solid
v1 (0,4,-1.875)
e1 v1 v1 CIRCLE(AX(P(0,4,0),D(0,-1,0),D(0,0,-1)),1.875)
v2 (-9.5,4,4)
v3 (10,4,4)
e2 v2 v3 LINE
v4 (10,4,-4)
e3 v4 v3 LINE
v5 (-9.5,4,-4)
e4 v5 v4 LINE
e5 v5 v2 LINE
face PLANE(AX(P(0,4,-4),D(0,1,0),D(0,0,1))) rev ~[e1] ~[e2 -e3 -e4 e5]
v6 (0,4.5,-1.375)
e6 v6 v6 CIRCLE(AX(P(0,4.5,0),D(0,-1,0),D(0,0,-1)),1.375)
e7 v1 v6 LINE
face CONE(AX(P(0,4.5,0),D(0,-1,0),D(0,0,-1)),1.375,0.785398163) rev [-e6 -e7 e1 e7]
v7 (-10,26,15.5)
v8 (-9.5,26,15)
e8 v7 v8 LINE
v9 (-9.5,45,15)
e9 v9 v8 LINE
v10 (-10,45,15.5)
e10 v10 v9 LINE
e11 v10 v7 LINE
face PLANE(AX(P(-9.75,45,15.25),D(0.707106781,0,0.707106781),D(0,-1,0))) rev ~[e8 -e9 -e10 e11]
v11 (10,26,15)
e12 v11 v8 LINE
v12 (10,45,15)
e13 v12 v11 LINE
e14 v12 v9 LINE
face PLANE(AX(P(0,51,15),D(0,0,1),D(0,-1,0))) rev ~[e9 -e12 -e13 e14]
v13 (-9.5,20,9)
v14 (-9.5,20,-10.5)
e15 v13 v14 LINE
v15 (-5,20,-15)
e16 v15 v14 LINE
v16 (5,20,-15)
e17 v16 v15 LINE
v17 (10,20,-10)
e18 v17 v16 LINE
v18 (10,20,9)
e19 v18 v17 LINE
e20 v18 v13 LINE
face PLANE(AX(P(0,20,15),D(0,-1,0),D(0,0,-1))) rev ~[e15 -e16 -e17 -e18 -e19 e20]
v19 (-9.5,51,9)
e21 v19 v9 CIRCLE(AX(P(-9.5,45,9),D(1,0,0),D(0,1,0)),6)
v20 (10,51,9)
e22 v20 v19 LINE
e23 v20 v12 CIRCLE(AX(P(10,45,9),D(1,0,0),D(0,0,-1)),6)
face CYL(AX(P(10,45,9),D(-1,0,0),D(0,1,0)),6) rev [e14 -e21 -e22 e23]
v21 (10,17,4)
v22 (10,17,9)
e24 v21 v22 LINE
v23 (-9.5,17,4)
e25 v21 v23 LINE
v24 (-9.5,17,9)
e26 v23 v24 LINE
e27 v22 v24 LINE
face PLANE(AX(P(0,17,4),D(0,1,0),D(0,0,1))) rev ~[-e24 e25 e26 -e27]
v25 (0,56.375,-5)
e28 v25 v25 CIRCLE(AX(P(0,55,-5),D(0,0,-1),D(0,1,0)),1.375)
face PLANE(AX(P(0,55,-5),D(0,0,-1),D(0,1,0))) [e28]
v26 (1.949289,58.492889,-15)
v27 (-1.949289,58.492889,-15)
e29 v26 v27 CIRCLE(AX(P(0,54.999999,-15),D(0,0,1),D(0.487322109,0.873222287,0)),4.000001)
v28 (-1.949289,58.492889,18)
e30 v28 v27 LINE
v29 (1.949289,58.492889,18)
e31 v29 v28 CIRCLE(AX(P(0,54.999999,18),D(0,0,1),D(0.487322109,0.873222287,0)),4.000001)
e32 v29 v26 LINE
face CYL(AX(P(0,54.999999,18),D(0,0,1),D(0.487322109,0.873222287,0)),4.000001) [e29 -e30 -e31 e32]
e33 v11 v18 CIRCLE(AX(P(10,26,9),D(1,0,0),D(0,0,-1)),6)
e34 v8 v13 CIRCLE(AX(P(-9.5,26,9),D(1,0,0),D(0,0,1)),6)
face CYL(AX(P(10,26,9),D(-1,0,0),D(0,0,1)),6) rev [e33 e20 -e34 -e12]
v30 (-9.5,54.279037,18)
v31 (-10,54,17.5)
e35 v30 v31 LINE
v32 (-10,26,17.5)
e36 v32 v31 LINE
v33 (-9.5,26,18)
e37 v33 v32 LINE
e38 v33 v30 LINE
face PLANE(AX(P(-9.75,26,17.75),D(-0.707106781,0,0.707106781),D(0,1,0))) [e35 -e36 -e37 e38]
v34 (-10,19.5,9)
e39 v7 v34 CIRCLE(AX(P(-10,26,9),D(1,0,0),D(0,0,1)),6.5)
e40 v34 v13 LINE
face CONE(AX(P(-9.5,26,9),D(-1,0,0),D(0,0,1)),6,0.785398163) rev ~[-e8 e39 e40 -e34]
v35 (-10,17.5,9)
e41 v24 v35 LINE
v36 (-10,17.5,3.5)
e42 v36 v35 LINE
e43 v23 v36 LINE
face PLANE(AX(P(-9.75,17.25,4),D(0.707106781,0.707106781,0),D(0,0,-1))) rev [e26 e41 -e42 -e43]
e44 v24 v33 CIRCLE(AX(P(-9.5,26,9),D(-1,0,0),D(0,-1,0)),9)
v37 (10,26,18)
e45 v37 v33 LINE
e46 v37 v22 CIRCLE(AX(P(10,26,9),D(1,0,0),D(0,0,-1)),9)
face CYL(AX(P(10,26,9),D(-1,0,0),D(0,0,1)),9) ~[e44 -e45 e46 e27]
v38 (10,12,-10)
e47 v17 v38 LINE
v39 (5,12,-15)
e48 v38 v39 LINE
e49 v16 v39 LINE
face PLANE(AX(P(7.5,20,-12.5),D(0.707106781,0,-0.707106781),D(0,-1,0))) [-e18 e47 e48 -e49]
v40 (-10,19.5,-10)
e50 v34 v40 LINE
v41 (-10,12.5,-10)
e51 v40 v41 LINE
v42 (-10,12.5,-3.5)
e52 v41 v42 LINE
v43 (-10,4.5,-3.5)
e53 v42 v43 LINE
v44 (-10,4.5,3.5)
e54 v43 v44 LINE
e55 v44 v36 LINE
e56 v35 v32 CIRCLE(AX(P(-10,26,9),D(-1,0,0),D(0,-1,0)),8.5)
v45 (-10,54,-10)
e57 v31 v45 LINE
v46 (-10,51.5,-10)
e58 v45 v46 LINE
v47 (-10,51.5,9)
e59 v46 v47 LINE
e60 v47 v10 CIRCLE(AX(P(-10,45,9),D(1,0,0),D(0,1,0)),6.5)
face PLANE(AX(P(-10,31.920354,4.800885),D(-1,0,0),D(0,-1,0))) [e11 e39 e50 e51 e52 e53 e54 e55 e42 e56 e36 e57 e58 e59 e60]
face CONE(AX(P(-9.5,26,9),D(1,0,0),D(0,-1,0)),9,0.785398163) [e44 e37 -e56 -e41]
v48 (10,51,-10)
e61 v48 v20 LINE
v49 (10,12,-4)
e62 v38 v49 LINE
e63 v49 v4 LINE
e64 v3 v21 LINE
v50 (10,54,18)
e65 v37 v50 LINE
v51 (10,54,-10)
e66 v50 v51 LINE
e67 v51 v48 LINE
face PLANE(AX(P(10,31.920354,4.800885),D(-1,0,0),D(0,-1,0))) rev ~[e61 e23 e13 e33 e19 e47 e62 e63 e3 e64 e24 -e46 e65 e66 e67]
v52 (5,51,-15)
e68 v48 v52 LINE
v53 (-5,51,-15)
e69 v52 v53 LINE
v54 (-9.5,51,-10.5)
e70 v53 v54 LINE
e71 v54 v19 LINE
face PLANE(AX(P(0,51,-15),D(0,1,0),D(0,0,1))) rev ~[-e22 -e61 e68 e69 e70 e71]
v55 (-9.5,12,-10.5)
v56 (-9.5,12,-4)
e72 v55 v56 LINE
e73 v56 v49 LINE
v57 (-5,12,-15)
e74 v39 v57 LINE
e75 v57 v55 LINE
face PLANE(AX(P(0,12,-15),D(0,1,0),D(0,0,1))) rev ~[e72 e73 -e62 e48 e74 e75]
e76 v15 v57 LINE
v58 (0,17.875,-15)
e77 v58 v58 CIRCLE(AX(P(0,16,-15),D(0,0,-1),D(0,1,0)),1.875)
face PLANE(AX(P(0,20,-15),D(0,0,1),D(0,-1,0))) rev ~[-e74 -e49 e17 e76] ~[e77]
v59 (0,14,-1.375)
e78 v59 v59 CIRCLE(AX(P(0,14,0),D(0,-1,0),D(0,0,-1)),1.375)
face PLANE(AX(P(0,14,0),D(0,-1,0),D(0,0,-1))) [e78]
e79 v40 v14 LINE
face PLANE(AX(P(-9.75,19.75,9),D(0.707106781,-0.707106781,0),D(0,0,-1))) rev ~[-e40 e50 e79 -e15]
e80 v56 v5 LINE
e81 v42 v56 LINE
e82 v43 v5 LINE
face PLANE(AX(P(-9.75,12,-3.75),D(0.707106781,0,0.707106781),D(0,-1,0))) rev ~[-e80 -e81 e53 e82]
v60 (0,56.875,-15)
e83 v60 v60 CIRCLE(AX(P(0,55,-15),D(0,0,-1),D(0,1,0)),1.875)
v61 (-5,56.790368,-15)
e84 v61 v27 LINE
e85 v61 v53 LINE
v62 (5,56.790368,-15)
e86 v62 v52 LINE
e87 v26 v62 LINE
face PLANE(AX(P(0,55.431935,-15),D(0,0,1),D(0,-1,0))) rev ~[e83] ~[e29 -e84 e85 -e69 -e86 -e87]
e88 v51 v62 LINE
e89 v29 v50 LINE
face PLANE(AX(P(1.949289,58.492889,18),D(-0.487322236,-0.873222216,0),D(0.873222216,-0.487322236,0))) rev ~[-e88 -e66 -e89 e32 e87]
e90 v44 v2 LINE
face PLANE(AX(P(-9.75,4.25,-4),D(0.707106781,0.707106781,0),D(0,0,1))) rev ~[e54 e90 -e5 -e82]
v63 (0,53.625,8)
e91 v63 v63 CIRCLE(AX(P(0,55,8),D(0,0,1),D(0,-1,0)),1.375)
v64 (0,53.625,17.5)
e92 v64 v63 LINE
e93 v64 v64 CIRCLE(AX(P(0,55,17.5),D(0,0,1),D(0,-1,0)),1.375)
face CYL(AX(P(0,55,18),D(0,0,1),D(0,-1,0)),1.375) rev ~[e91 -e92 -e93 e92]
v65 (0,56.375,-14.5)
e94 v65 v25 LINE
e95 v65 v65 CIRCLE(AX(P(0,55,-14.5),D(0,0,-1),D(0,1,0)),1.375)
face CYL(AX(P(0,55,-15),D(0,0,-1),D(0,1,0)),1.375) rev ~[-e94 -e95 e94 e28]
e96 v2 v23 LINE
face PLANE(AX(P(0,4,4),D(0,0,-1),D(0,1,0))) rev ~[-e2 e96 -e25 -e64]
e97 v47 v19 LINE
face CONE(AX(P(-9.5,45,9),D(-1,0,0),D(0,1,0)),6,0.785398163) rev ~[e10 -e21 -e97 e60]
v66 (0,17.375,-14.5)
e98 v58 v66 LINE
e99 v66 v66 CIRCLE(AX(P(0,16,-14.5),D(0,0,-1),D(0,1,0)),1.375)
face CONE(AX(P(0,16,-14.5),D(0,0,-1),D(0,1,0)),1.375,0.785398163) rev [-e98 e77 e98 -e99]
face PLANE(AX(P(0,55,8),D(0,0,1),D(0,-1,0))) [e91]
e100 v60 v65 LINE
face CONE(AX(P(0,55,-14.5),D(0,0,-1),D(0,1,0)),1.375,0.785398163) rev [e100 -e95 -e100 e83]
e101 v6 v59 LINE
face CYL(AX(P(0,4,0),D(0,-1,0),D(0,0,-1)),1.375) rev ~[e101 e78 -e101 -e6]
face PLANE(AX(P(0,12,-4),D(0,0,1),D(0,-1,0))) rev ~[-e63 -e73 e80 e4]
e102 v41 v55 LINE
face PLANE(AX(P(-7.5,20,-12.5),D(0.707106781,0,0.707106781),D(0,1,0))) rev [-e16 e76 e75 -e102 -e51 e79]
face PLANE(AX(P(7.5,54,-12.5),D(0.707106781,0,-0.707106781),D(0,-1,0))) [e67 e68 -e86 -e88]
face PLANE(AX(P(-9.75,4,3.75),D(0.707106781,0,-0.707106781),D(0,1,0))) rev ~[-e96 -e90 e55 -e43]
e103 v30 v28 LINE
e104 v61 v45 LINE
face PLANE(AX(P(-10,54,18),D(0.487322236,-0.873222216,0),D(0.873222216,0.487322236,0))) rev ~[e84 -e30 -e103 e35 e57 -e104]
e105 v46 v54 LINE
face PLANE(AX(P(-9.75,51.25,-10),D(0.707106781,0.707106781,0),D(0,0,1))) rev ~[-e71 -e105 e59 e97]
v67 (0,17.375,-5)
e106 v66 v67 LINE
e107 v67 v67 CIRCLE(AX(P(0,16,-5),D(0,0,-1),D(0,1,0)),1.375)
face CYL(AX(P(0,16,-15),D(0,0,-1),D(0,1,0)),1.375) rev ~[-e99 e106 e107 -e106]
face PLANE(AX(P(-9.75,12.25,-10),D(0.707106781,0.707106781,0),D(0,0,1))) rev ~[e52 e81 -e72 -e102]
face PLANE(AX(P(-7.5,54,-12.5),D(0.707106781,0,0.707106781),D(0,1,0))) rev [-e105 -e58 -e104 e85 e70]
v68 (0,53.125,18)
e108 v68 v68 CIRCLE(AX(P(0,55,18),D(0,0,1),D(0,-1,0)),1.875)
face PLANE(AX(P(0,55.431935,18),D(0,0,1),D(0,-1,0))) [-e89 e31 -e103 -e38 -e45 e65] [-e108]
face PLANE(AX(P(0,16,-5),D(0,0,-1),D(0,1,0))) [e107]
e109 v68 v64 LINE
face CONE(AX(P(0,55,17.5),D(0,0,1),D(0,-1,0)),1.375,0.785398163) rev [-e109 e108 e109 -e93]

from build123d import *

# Parameters (mm, degrees)
PAD_DEPTH       = 10
SKETCH001_R     = 1.375
POCKET_DEPTH    = 10
PAD001_DEPTH    = 33
SKETCH003_R     = 1.375
POCKET001_DEPTH = 10
SKETCH004_R     = 1.375
POCKET002_DEPTH = 10
FILLET_1_R      = 9
FILLET_2_R      = 6
CHAMFER_SIZE    = 5
CHAMFER001_SIZE = 0.5
CHAMFER002_SIZE = 0.5


with BuildPart() as part:
    # Sketch → Pad (new body, symmetric)
    with BuildSketch(Plane.YZ):
        Polygon((4, 4), (17, 4), (17, 18), (54, 18), (54, -15), (51, -15), (51, 15), (20, 15), (20, -15), (12, -15), (12, -4), (4, -4), align=None)
    extrude(amount=PAD_DEPTH, both=True)

    # Sketch001 → Pocket (cut)
    with BuildSketch(Plane(origin=(0, 4, 0), x_dir=(0, 0, -1), z_dir=(0, -1, 0))):
        Circle(SKETCH001_R)
    extrude(amount=-POCKET_DEPTH, mode=Mode.SUBTRACT)

    # Sketch002 → Pad001 (new body)
    with BuildSketch(Plane(origin=(0, 0, 18), x_dir=(0, -1, 0), z_dir=(0, 0, 1))):
        with BuildLine():
            ThreePointArc((-58.492889, 1.949289), (-59, 0), (-58.492889, -1.949289))
            Line((-54, -10), (-58.492889, -1.949289))
            Line((-54, 10), (-54, -10))
            Line((-58.492889, 1.949289), (-54, 10))
        make_face()
    extrude(amount=-PAD001_DEPTH)

    # Sketch003 → Pocket001 (cut)
    with BuildSketch(Plane(origin=(0, 0, 18), x_dir=(0, -1, 0), z_dir=(0, 0, 1))):
        with Locations((-55, 0)):
            Circle(SKETCH003_R)
    extrude(amount=-POCKET001_DEPTH, mode=Mode.SUBTRACT)

    # Sketch004 → Pocket002 (cut)
    with BuildSketch(Plane.YX.offset(15)):
        with Locations((55, 0)):
            Circle(SKETCH004_R)
        with Locations((16, 0)):
            Circle(SKETCH004_R)
    extrude(amount=-POCKET002_DEPTH, mode=Mode.SUBTRACT)

    # Fillet 1
    fillet_1_edges = [part.edges().sort_by_distance(p)[0] for p in [
        (0, 17, 18),
    ]]
    fillet(fillet_1_edges, radius=FILLET_1_R)

    # Fillet 2
    fillet_2_edges = [part.edges().sort_by_distance(p)[0] for p in [
        (0, 20, 15),
        (0, 51, 15),
    ]]
    fillet(fillet_2_edges, radius=FILLET_2_R)

    # Chamfer
    chamfer_edges = [part.edges().sort_by_distance(p)[0] for p in [
        (-10, 52.5, -15),
        (-10, 16, -15),
        (10, 52.5, -15),
        (10, 16, -15),
    ]]
    chamfer(chamfer_edges, length=CHAMFER_SIZE)

    # Chamfer001
    chamfer001_edges = [part.edges().sort_by_distance(p)[0] for p in [
        (0, 56.375, 18),
        (0, 4, 1.375),
        (0, 53.625, -15),
        (0, 14.625, -15),
    ]]
    chamfer(chamfer001_edges, length=CHAMFER001_SIZE)

    # Chamfer002
    chamfer002_edges = [part.edges().sort_by_distance(p)[0] for p in [
        (-10, 40, 18),
        (-10, 51, -0.5),
        (-10, 19.636039, 15.363961),
        (-10, 49.242641, 13.242641),
        (-10, 17, 6.5),
        (-10, 35.5, 15),
        (-10, 10.5, 4),
        (-10, 21.757359, 13.242641),
        (-10, 4, 0),
        (-10, 20, -0.5),
        (-10, 8, -4),
        (-10, 12, -7),
    ]]
    chamfer(chamfer002_edges, length=CHAMFER002_SIZE)


solid = part.part
